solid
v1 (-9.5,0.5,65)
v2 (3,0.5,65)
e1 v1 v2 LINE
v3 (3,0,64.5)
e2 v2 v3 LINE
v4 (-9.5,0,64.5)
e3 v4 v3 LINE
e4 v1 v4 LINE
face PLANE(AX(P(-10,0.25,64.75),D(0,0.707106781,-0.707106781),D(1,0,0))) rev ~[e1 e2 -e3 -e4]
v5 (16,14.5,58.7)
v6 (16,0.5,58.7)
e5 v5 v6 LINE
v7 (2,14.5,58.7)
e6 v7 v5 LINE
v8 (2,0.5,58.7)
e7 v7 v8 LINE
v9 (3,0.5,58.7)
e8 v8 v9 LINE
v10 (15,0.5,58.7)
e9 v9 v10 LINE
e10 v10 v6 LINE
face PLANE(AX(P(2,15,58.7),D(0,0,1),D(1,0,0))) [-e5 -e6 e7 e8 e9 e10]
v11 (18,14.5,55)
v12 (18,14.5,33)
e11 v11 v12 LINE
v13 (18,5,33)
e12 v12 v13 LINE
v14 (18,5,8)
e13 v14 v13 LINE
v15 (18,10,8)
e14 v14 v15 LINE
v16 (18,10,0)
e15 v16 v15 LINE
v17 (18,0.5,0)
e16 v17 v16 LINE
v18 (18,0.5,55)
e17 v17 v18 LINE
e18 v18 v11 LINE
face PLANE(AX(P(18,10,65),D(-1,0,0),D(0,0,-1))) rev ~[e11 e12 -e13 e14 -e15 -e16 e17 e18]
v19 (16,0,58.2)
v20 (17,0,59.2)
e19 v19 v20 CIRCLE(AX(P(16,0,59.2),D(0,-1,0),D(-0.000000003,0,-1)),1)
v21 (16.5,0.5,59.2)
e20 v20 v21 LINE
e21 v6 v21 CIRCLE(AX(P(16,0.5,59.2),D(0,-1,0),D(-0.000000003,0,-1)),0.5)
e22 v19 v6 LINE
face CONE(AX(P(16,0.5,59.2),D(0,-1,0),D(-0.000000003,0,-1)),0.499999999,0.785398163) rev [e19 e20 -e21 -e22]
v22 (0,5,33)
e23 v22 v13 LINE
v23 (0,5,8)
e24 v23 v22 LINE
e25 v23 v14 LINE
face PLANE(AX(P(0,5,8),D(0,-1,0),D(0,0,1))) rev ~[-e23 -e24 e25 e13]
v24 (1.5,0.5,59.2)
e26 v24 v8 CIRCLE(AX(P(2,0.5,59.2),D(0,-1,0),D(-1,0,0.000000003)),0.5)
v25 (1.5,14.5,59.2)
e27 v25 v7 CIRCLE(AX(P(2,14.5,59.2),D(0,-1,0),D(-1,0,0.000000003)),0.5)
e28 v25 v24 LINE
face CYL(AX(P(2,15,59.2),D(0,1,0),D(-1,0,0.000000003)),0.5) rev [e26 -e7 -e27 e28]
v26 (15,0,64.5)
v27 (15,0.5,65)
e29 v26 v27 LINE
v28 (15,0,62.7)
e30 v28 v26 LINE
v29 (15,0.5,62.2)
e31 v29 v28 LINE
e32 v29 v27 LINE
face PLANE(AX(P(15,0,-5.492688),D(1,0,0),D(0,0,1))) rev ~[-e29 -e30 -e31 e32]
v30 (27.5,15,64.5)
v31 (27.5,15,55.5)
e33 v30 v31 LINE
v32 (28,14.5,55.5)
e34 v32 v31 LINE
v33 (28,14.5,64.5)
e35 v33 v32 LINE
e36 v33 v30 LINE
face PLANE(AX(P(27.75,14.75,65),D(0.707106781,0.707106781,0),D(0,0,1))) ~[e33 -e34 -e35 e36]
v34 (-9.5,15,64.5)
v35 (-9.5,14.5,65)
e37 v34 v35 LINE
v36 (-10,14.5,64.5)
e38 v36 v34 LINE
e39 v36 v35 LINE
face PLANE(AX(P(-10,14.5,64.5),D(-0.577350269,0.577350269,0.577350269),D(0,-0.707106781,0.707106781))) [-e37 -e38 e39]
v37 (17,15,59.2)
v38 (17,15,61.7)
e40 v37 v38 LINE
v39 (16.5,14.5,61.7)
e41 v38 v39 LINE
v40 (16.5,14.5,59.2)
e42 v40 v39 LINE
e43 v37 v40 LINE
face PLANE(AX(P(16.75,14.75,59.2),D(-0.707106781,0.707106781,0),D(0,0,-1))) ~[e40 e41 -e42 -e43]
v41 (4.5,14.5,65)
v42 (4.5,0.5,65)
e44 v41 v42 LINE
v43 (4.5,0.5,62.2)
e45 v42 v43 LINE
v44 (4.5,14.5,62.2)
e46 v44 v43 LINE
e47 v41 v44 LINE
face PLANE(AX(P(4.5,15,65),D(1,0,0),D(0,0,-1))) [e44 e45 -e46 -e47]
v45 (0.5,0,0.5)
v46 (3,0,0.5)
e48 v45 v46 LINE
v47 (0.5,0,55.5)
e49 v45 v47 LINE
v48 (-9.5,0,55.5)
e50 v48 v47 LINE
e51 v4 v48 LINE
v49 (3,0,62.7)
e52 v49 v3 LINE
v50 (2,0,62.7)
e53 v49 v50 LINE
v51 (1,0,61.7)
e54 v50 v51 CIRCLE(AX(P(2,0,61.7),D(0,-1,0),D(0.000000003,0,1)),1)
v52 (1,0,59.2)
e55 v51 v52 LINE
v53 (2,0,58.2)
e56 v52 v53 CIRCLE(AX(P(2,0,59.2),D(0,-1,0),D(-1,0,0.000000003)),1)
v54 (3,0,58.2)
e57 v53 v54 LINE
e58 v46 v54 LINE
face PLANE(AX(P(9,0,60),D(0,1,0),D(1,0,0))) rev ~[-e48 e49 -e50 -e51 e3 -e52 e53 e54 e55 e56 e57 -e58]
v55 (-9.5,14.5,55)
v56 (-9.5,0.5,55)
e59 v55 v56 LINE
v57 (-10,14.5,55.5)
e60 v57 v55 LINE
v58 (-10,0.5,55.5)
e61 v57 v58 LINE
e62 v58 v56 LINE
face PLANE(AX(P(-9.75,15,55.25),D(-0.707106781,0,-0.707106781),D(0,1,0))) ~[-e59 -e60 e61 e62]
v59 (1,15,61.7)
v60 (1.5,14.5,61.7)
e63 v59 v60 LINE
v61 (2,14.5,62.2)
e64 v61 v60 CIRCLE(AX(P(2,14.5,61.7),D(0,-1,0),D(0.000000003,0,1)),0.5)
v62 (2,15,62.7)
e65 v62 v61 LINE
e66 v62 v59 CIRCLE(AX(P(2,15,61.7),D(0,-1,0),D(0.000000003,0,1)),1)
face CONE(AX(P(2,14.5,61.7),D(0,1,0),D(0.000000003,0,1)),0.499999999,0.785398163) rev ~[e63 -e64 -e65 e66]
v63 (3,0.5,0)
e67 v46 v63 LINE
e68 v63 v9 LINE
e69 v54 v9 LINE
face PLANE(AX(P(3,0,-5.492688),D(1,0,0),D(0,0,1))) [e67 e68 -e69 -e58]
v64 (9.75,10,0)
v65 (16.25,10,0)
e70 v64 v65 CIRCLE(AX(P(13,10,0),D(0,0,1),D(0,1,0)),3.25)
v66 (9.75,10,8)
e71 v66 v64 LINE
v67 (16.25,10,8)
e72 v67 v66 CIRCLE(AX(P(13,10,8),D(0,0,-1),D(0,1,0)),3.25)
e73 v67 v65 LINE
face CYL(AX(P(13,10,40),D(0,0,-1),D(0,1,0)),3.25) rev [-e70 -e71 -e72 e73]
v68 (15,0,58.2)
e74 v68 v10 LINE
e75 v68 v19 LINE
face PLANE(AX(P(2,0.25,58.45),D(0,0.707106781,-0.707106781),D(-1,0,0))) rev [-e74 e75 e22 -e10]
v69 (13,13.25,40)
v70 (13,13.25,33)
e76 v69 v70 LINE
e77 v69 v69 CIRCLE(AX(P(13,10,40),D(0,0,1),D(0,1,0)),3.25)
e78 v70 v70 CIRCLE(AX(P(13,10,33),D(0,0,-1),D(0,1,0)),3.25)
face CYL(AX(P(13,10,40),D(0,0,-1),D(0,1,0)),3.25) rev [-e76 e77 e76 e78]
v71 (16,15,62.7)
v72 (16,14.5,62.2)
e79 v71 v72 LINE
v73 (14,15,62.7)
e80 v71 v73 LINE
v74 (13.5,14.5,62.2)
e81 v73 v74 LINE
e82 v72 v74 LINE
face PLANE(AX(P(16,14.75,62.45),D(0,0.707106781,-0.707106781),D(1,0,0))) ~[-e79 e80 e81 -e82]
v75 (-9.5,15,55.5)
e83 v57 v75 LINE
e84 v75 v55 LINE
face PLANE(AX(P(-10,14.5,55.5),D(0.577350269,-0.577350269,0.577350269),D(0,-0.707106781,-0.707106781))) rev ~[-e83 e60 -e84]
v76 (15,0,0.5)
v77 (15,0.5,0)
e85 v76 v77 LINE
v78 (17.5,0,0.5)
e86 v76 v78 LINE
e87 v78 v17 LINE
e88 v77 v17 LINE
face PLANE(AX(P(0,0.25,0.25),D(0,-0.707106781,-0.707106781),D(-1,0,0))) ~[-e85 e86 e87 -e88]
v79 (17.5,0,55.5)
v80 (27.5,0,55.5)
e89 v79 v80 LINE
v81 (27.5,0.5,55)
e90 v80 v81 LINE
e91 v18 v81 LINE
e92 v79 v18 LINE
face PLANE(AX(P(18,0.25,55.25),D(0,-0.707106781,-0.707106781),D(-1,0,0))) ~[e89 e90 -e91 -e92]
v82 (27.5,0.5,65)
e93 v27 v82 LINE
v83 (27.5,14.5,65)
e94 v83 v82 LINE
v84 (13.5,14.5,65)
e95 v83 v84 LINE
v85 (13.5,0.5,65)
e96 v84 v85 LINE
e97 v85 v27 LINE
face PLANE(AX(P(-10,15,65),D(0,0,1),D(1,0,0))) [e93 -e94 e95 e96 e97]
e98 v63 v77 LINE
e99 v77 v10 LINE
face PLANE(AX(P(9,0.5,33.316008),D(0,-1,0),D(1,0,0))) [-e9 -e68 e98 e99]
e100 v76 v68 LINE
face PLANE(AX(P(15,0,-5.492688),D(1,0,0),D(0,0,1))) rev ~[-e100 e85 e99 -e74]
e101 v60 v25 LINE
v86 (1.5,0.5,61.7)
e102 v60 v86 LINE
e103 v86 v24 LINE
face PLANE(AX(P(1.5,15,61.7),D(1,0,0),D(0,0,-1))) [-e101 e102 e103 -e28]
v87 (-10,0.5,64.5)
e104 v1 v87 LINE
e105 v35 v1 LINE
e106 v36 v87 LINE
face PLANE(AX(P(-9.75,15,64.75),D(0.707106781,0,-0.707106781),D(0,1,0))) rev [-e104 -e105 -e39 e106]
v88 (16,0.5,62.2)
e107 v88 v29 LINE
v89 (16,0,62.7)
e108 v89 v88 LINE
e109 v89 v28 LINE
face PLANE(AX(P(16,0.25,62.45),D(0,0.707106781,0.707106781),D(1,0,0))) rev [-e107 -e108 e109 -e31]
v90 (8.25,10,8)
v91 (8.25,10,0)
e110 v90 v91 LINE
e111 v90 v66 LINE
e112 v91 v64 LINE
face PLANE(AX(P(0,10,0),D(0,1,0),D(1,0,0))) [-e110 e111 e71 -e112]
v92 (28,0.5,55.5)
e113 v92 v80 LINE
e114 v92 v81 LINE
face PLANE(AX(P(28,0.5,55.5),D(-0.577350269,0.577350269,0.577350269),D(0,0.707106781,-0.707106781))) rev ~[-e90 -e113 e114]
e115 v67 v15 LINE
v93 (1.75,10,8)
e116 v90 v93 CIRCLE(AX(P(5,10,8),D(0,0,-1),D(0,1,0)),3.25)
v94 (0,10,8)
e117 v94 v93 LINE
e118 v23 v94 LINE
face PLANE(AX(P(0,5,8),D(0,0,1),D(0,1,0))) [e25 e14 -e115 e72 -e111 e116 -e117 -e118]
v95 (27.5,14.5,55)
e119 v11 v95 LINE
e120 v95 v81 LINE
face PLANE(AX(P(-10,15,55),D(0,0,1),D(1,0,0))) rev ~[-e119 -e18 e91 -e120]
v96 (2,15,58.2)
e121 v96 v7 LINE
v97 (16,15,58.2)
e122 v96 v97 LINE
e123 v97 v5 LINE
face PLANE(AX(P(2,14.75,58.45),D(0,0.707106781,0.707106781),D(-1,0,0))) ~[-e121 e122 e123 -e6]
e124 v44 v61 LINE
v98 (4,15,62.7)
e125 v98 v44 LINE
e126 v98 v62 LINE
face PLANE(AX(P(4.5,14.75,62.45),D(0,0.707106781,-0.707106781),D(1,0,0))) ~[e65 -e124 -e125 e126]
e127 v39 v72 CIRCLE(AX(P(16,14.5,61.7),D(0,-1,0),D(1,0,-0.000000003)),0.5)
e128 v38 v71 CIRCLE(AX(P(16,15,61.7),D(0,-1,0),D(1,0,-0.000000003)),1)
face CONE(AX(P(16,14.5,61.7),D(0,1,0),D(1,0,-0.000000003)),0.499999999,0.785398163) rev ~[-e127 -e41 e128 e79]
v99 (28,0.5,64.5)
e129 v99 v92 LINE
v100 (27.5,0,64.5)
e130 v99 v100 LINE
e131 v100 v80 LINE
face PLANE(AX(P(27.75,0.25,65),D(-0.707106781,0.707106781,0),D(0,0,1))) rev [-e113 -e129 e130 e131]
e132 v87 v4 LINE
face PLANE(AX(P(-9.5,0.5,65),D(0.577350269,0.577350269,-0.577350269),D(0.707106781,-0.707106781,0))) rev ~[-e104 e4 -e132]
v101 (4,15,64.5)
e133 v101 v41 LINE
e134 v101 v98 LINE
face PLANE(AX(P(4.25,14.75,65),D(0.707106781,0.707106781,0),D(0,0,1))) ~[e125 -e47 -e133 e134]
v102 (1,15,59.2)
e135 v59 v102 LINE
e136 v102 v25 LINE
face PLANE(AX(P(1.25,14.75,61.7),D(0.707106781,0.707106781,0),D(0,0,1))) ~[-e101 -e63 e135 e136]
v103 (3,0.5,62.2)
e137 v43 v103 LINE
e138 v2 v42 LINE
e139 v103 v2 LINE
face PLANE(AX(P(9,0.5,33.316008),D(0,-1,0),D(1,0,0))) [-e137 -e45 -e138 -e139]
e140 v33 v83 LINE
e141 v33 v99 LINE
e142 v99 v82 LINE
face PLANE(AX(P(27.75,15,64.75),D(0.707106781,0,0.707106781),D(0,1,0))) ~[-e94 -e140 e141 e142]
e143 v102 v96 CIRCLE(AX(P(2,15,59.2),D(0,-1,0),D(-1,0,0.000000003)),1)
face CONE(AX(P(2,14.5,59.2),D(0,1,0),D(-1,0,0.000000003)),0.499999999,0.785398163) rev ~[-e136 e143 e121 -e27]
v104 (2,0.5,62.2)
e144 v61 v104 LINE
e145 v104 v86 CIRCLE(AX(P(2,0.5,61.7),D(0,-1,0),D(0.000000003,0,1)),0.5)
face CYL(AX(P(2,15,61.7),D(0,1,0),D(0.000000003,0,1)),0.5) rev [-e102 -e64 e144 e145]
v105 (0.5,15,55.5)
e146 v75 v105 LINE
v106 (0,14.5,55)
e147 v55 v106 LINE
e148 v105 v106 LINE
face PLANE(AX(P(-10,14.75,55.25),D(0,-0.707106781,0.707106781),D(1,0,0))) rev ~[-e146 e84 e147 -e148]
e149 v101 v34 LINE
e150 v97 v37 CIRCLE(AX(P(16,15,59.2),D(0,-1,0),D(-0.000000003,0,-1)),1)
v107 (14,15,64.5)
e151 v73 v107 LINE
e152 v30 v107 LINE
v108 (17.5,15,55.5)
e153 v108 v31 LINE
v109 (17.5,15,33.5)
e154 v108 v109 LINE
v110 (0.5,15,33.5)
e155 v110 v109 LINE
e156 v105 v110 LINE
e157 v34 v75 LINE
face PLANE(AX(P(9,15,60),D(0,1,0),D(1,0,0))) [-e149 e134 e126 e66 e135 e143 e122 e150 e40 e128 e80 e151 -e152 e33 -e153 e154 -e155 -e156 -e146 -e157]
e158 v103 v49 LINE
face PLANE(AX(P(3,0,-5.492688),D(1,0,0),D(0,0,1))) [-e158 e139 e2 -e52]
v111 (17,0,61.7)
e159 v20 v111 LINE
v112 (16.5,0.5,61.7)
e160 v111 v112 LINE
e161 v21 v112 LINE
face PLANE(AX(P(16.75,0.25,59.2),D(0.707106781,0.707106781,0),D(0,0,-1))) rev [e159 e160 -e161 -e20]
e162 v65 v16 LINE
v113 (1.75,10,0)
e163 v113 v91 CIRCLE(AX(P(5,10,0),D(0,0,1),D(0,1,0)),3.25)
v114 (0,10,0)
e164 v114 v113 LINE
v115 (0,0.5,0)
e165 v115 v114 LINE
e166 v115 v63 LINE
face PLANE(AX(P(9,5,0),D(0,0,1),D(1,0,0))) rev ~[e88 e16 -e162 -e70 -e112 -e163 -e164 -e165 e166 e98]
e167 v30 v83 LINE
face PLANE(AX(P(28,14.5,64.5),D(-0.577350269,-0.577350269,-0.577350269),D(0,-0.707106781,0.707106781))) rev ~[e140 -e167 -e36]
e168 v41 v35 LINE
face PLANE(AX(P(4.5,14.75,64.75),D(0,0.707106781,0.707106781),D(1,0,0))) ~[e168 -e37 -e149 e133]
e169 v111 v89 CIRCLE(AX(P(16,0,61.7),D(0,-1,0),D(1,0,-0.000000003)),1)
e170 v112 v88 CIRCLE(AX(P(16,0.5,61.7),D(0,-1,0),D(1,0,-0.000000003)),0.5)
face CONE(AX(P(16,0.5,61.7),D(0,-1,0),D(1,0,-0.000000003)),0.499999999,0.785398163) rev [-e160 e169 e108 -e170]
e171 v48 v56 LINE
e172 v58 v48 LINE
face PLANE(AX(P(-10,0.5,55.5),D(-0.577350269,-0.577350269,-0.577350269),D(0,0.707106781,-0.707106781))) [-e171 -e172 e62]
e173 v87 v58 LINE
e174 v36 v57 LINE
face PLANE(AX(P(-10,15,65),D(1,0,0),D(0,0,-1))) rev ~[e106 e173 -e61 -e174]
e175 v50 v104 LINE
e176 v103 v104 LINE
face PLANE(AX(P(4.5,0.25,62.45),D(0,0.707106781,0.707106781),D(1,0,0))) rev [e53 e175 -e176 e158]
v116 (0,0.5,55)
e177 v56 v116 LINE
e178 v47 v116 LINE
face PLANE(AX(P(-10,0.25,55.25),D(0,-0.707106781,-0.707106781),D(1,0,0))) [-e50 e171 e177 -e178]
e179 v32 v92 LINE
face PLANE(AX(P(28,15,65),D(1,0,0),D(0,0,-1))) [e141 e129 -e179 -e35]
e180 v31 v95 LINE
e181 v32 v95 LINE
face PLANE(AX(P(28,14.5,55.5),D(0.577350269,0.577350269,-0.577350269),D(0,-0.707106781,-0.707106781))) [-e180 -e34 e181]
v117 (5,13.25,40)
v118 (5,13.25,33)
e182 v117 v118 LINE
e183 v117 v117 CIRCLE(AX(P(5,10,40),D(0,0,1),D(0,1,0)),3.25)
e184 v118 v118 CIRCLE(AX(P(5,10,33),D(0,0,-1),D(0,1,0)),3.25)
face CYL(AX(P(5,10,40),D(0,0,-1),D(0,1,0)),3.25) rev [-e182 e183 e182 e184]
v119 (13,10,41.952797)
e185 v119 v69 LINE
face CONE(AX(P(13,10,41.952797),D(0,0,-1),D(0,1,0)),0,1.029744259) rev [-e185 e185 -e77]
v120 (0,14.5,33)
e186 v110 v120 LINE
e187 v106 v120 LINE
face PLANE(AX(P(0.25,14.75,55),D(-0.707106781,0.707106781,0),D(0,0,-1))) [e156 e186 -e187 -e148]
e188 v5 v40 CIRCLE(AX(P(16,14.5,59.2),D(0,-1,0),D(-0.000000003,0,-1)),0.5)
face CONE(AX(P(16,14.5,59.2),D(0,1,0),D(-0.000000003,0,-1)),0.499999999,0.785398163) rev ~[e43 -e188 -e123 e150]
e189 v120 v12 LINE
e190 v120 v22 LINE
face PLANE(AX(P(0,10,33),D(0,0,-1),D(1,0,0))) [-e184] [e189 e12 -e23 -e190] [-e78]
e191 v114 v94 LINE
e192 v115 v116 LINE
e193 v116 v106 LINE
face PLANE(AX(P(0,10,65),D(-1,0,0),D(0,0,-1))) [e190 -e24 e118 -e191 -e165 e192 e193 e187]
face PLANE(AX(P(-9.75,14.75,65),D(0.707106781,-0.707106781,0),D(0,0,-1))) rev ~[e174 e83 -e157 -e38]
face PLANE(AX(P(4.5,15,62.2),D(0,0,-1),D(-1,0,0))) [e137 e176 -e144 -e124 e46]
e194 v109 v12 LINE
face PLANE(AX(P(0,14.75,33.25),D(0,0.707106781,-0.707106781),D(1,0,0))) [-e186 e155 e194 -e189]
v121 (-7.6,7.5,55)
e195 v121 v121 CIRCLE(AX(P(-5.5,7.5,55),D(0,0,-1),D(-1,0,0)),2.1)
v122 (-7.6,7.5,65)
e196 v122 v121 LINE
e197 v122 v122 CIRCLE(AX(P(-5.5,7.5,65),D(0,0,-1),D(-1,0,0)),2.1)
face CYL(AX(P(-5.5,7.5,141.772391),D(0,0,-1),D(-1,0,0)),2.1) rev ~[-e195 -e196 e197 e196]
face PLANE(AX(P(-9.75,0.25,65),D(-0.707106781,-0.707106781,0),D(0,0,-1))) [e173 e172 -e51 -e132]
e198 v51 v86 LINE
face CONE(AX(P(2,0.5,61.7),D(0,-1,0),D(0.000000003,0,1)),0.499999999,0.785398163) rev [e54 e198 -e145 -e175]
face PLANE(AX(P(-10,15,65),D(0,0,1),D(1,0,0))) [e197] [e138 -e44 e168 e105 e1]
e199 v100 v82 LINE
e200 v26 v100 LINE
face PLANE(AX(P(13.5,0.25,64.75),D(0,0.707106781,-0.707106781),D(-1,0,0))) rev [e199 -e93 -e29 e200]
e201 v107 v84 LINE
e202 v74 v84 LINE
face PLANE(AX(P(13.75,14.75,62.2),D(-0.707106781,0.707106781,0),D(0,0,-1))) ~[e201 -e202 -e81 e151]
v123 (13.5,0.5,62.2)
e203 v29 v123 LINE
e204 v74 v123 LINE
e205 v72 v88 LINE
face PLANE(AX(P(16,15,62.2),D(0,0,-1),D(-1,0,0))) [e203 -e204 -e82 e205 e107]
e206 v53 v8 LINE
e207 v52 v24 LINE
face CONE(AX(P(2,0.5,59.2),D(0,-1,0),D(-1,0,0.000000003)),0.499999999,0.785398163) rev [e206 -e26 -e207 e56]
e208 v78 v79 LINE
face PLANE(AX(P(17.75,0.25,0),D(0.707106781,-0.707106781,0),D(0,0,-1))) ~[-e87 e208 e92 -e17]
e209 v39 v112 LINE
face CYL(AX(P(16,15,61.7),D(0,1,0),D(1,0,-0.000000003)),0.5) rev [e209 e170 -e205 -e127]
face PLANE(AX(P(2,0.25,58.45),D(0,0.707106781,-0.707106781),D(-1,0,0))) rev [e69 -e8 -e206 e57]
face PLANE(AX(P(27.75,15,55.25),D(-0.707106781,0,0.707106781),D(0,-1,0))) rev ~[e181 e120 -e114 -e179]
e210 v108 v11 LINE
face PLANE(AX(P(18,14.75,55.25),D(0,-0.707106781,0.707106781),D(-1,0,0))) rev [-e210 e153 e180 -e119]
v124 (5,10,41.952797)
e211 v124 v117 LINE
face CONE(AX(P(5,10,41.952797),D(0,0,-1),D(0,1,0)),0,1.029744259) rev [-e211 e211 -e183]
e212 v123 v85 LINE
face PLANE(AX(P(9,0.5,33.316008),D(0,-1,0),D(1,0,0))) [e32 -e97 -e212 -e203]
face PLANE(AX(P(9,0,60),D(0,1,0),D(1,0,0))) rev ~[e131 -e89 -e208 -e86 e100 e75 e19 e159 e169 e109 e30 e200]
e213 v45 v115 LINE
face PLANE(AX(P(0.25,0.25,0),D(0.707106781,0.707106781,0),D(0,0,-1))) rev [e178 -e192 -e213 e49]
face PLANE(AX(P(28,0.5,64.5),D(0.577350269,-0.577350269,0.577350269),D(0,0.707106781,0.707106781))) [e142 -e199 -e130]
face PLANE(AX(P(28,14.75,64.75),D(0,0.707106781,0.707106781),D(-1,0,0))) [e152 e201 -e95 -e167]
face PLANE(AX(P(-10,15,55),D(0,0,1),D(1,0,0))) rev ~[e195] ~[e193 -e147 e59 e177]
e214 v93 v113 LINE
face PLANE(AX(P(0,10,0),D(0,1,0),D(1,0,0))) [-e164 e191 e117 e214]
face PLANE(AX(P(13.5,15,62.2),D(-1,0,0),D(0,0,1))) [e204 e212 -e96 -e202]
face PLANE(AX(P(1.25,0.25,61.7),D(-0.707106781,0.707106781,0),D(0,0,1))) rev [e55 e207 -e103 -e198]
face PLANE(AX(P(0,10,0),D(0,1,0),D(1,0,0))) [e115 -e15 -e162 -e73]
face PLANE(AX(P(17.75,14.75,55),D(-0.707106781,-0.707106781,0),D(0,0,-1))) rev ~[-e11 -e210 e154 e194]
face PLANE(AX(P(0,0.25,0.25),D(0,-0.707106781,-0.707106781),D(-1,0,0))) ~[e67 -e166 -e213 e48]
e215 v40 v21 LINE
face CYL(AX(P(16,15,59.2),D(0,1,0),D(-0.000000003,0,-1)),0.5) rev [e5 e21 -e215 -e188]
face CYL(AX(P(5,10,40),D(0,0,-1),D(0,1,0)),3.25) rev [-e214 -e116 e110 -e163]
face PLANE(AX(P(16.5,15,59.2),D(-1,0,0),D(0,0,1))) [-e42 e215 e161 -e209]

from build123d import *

# Parameters (mm, degrees)
SKETCH_1_W             = 18
SKETCH_1_H             = 10
EXTRUDE_1_DEPTH        = 65
SKETCH_2_W             = 25
SKETCH_2_H             = 5
CUT_EXTRUDE_1_DEPTH    = 69.183575735
SKETCH_3_W             = 18
SKETCH_3_H             = 32
EXTRUDE_2_DEPTH        = 5
SKETCH_4_W             = 38
SKETCH_4_H             = 10
EXTRUDE_3_DEPTH        = 15
HOLE_WIZARD_M5_1_D     = 4.2
PATTERN_LINEAR_2_COUNT = 2
PATTERN_LINEAR_2_PITCH = 8
CUT_EXTRUDE_2_DEPTH    = 73.346388991
CHAMFER_1_SIZE         = 0.5
SKETCH_10_W            = 12
SKETCH_10_H            = 77.617391284
CUT_EXTRUDE_3_DEPTH    = 0.5


with BuildPart() as part:
    # 草图1 → 凸台-拉伸1 (new body)
    with BuildSketch(Plane.XY):
        with Locations((9, 5)):
            Rectangle(SKETCH_1_W, SKETCH_1_H)
    extrude(amount=EXTRUDE_1_DEPTH)

    # 草图2 → 切除-拉伸1 (cut, through all)
    with BuildSketch(Plane.ZY):
        with Locations((20.5, 7.5)):
            Rectangle(SKETCH_2_W, SKETCH_2_H)
    extrude(amount=-CUT_EXTRUDE_1_DEPTH, mode=Mode.SUBTRACT)

    # 草图3 → 凸台-拉伸2 (add)
    with BuildSketch(Plane(origin=(0, 10, 0), x_dir=(1, 0, 0), z_dir=(0, 1, 0))):
        with Locations((9, -49)):
            Rectangle(SKETCH_3_W, SKETCH_3_H)
    extrude(amount=EXTRUDE_2_DEPTH)

    # 草图4 → 凸台-拉伸3 (add)
    with BuildSketch(Plane(origin=(0, 15, 0), x_dir=(1, 0, 0), z_dir=(0, 1, 0))):
        with Locations((9, -60)):
            Rectangle(SKETCH_4_W, SKETCH_4_H)
    extrude(amount=-EXTRUDE_3_DEPTH)

    # M5 螺纹孔1 (through all)
    with Locations(Plane.XY.offset(65)):
        with Locations((-5.5, 7.5)):
            Hole(HOLE_WIZARD_M5_1_D / 2)

    # 草图7 → Ø6.5 (6.5) 直径孔1 (revolve, cut)
    with BuildSketch(Plane(origin=(13, 10, 0), x_dir=(0, 1, 0), z_dir=(1, 0, 0))):
        Polygon((0, 0), (0, 41.952797012), (3.25, 40), (3.25, 0), align=None)
    hole_wizard_6_5_6_5_1 = revolve(axis=Axis((13, 10, -6.35), (0, 0, 1)), mode=Mode.SUBTRACT)

    # 阵列(线性)2: Ø6.5 (6.5) 直径孔1 ×2
    with Locations(*[(-i * PATTERN_LINEAR_2_PITCH, 0, 0) for i in range(1, PATTERN_LINEAR_2_COUNT)]):
        add(hole_wizard_6_5_6_5_1, mode=Mode.SUBTRACT)

    # 草图9 → 切除-拉伸2 (cut, through all)
    with BuildSketch(Plane(origin=(0, 15, 0), x_dir=(1, 0, 0), z_dir=(0, 1, 0))):
        with BuildLine():
            Line((13.5, -65), (4.5, -65))
            Line((4.5, -65), (4.5, -62.2))
            Line((4.5, -62.2), (2, -62.2))
            ThreePointArc((2, -62.2), (1.646446609, -62.053553391), (1.5, -61.7))
            Line((1.5, -61.7), (1.5, -59.2))
            ThreePointArc((1.5, -59.2), (1.646446609, -58.846446609), (2, -58.7))
            Line((2, -58.7), (16, -58.7))
            ThreePointArc((16, -58.7), (16.353553391, -58.846446609), (16.5, -59.2))
            Line((16.5, -59.2), (16.5, -61.7))
            ThreePointArc((16.5, -61.7), (16.353553391, -62.053553391), (16, -62.2))
            Line((16, -62.2), (13.5, -62.2))
            Line((13.5, -62.2), (13.5, -65))
        make_face()
    extrude(amount=-CUT_EXTRUDE_2_DEPTH, mode=Mode.SUBTRACT)

    # 倒角1
    chamfer_1_edges = [part.edges().sort_by_distance(p)[0] for p in [
        (20.75, 15, 65),
        (20.75, 0, 65),
        (13.5, 0, 63.6),
        (4.5, 0, 63.6),
        (3.25, 0, 62.2),
        (1.646446609, 0, 62.053553391),
        (1.5, 0, 60.45),
        (1.646446609, 0, 58.846446609),
        (9, 0, 58.7),
        (16.353553391, 0, 58.846446609),
        (16.5, 0, 60.45),
        (16.353553391, 0, 62.053553391),
        (14.75, 0, 62.2),
        (13.5, 15, 63.6),
        (14.75, 15, 62.2),
        (16.353553391, 15, 62.053553391),
        (16.5, 15, 60.45),
        (16.353553391, 15, 58.846446609),
        (9, 15, 58.7),
        (1.646446609, 15, 58.846446609),
        (1.5, 15, 60.45),
        (1.646446609, 15, 62.053553391),
        (3.25, 15, 62.2),
        (4.5, 15, 63.6),
        (9, 15, 33),
        (0, 15, 44),
        (-2.75, 15, 65),
        (18, 15, 44),
        (18, 0, 27.5),
        (0, 0, 27.5),
        (-5, 15, 55),
        (-10, 15, 60),
        (23, 15, 55),
        (28, 15, 60),
        (-5, 0, 55),
        (-10, 0, 60),
        (23, 0, 55),
        (28, 0, 60),
        (-10, 7.5, 55),
        (28, 7.5, 65),
        (-10, 7.5, 65),
        (28, 7.5, 55),
        (9, 0, 0),
        (-2.75, 0, 65),
    ]]
    chamfer(chamfer_1_edges, length=CHAMFER_1_SIZE)

    # 草图10 → 切除-拉伸3 (cut)
    with BuildSketch(Plane.XZ):
        with Locations((9, 33.316007813)):
            Rectangle(SKETCH_10_W, SKETCH_10_H)
    extrude(amount=-CUT_EXTRUDE_3_DEPTH, mode=Mode.SUBTRACT)


solid = part.part
